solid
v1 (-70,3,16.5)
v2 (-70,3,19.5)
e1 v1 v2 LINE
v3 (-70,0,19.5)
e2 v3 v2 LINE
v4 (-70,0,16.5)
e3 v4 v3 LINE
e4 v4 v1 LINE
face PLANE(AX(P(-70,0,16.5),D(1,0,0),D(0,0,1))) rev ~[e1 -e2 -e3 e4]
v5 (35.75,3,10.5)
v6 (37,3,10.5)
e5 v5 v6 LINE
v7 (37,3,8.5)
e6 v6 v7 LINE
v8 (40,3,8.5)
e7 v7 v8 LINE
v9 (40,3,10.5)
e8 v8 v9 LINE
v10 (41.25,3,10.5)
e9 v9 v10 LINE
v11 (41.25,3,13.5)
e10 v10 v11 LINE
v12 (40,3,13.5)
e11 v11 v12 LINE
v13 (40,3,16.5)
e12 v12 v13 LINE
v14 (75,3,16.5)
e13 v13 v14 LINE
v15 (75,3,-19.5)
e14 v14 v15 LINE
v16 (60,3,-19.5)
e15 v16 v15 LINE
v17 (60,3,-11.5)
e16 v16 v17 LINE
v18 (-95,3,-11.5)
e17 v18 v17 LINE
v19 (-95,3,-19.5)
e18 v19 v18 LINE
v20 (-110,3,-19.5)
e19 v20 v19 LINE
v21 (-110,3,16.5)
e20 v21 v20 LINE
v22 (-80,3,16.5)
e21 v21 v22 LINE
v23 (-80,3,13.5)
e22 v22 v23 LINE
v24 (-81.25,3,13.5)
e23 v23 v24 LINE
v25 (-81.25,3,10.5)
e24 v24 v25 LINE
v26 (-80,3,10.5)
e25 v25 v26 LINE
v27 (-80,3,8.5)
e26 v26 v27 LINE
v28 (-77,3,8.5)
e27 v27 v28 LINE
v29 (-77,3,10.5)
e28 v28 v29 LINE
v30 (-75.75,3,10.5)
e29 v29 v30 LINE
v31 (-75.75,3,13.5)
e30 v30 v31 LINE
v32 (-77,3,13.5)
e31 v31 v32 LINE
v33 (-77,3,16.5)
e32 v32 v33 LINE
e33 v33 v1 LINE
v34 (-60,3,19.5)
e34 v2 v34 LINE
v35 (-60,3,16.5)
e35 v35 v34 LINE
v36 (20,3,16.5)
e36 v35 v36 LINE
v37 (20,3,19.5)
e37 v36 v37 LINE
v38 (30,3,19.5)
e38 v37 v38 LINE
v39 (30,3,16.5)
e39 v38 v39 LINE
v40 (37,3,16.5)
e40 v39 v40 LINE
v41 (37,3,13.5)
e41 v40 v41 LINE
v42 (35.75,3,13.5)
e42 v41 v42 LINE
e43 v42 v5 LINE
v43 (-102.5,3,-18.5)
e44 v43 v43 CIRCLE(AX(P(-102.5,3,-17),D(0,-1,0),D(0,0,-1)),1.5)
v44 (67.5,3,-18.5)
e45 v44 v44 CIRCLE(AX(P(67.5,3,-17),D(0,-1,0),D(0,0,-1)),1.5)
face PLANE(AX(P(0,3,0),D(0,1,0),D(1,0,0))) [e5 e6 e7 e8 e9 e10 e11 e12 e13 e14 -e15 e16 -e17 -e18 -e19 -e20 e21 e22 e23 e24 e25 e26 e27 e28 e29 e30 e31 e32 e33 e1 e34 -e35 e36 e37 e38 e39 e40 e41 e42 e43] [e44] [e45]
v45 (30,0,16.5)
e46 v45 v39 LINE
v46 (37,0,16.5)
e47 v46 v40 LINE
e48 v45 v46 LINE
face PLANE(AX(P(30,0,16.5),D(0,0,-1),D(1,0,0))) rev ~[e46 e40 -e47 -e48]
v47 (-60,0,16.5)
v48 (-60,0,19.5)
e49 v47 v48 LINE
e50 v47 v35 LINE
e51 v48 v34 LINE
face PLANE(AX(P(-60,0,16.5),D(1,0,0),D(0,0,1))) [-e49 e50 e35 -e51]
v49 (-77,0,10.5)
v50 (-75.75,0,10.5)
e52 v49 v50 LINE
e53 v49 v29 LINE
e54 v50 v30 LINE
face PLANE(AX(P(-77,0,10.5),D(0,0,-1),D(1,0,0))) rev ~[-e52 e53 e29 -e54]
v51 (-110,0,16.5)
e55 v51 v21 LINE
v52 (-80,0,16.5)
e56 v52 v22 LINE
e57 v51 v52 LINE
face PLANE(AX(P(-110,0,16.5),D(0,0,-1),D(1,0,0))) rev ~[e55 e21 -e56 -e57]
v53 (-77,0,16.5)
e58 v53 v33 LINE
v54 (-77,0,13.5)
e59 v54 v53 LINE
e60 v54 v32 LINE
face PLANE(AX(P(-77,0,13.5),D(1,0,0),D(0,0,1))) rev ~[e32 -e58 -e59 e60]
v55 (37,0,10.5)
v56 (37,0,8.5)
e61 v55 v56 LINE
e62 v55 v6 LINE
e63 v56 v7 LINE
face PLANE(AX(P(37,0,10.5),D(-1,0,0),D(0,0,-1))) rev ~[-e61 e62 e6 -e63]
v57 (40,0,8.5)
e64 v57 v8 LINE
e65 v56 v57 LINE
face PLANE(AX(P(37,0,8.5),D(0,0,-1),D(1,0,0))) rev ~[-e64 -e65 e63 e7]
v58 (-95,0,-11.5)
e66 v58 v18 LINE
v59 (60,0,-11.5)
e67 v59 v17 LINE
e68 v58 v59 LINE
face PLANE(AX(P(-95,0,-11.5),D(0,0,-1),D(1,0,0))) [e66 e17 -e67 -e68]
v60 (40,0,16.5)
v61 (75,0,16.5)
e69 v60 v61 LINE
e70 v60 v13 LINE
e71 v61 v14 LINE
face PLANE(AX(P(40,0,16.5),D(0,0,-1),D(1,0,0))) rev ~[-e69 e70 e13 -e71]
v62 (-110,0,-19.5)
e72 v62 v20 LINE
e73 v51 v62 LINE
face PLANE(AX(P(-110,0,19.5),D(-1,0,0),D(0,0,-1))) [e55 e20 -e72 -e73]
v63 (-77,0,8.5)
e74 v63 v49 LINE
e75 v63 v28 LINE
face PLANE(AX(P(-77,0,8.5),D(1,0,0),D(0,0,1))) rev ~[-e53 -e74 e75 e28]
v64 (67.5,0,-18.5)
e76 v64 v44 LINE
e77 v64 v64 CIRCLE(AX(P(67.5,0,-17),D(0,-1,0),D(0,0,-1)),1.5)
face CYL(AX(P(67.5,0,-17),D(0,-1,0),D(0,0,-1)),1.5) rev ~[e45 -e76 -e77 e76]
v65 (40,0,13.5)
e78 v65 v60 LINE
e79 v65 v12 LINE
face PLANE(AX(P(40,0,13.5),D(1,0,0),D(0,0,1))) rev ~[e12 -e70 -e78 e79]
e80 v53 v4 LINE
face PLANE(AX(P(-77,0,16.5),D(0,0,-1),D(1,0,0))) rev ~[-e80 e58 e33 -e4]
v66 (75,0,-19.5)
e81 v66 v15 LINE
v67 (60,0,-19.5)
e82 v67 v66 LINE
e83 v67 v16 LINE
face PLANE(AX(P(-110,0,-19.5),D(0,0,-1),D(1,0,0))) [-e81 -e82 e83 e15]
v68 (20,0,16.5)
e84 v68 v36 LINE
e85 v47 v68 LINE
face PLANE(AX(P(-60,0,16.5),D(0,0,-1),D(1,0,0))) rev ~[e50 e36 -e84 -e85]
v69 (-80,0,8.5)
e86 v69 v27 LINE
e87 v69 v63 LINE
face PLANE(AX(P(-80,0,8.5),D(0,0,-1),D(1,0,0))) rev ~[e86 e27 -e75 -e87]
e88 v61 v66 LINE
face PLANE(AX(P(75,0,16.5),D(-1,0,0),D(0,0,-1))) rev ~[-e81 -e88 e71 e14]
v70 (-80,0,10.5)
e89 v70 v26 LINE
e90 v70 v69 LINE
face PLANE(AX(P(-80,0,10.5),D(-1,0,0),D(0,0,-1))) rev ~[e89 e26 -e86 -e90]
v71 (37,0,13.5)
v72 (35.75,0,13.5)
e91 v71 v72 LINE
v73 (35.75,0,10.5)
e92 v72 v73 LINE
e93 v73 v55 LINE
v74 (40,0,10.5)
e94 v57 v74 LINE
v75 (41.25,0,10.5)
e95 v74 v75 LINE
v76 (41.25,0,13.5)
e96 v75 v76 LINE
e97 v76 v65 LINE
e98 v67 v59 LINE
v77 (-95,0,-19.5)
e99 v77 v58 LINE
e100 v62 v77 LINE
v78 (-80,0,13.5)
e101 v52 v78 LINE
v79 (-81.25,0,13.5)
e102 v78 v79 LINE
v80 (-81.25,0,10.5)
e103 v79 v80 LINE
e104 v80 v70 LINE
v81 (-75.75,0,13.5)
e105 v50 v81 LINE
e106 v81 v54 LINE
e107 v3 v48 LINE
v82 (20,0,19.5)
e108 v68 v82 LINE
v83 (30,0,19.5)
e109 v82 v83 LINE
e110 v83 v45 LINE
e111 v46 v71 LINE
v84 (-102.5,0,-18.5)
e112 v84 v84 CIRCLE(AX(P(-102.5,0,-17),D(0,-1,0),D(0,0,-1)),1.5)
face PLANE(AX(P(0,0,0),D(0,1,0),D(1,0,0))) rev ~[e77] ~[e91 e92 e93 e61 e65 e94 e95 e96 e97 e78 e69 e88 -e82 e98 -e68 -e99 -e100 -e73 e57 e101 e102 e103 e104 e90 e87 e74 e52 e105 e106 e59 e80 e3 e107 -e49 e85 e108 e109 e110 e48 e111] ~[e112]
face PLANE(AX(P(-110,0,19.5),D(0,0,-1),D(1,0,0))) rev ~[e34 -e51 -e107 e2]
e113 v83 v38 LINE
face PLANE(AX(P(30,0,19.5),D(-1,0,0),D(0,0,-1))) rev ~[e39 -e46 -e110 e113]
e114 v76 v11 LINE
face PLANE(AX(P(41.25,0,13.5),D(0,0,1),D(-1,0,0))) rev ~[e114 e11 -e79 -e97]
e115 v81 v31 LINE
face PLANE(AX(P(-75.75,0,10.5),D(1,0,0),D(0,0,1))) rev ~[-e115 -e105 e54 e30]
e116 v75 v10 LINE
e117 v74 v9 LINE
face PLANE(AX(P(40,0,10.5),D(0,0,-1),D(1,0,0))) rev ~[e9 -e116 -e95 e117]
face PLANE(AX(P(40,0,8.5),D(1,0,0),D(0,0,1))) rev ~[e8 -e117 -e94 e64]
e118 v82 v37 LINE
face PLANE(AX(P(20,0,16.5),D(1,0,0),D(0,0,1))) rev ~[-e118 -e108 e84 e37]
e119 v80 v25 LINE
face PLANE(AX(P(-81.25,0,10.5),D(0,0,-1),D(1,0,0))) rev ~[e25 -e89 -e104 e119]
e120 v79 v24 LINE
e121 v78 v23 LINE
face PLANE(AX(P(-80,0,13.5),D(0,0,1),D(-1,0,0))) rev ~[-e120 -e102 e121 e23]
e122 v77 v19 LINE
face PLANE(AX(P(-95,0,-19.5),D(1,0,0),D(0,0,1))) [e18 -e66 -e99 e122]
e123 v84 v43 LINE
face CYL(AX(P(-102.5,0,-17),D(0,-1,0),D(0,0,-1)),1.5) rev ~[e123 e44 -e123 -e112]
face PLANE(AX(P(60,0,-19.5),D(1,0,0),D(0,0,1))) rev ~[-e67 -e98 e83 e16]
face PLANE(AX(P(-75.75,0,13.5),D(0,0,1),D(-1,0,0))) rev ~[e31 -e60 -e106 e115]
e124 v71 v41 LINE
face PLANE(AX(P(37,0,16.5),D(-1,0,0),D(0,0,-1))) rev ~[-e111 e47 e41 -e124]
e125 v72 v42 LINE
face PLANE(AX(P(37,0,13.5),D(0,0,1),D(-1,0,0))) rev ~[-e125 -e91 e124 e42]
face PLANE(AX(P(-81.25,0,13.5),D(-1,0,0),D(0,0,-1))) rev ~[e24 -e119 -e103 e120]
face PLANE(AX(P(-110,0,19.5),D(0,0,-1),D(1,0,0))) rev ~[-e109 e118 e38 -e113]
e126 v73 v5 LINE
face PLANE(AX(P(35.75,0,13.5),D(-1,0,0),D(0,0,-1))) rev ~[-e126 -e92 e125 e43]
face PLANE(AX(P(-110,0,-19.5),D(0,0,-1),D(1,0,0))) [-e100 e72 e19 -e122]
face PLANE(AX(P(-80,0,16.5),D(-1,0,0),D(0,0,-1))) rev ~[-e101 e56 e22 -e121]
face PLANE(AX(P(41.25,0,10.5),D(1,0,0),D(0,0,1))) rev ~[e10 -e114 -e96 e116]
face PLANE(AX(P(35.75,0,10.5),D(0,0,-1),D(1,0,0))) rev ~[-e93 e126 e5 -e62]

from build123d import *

# Parameters (mm, degrees)
SKETCH1_W           = 220
SKETCH1_H           = 39
BOSS_EXTRUDE1_DEPTH = 3
SKETCH2_W           = 155
SKETCH2_H           = 8
SKETCH2_W_2         = 80
SKETCH2_H_2         = 3
SKETCH2_R           = 1.5
CUT_EXTRUDE2_DEPTH  = 3


with BuildPart() as part:
    # Sketch1 → Boss-Extrude1 (new body)
    with BuildSketch(Plane(origin=(0, 0, 0), x_dir=(1, 0, 0), z_dir=(0, 1, 0))):
        Rectangle(SKETCH1_W, SKETCH1_H)
    extrude(amount=BOSS_EXTRUDE1_DEPTH)

    # Sketch2 → Cut-Extrude2 (cut)
    with BuildSketch(Plane.XZ):
        Polygon((-77, 16.5), (-80, 16.5), (-80, 13.5), (-81.25, 13.5), (-81.25, 10.5), (-80, 10.5), (-80, 8.5), (-77, 8.5), (-77, 10.5), (-75.75, 10.5), (-75.75, 13.5), (-77, 13.5), align=None)
        Polygon((-110, 16.5), (-80, 16.5), (-77, 16.5), (-70, 16.5), (-70, 19.5), (-110, 19.5), align=None)
        with Locations((-17.5, -15.5)):
            Rectangle(SKETCH2_W, SKETCH2_H)
        Polygon((110, 19.5), (75, 19.5), (75, 16.5), (75, -13), (75, -19.5), (110, -19.5), align=None)
        Polygon((75, 16.5), (75, 19.5), (30, 19.5), (30, 16.5), (37, 16.5), (40, 16.5), align=None)
        Polygon((40, 13.5), (40, 16.5), (37, 16.5), (37, 13.5), (35.75, 13.5), (35.75, 10.5), (37, 10.5), (37, 8.5), (40, 8.5), (40, 10.5), (41.25, 10.5), (41.25, 13.5), align=None)
        with Locations((-20, 18)):
            Rectangle(SKETCH2_W_2, SKETCH2_H_2)
        with Locations(Location((-102.5, -17, 0), (0, 0, 270))):
            Circle(SKETCH2_R)
        with Locations(Location((67.5, -17, 0), (0, 0, 270))):
            Circle(SKETCH2_R)
    extrude(amount=-CUT_EXTRUDE2_DEPTH, mode=Mode.SUBTRACT)


solid = part.part
